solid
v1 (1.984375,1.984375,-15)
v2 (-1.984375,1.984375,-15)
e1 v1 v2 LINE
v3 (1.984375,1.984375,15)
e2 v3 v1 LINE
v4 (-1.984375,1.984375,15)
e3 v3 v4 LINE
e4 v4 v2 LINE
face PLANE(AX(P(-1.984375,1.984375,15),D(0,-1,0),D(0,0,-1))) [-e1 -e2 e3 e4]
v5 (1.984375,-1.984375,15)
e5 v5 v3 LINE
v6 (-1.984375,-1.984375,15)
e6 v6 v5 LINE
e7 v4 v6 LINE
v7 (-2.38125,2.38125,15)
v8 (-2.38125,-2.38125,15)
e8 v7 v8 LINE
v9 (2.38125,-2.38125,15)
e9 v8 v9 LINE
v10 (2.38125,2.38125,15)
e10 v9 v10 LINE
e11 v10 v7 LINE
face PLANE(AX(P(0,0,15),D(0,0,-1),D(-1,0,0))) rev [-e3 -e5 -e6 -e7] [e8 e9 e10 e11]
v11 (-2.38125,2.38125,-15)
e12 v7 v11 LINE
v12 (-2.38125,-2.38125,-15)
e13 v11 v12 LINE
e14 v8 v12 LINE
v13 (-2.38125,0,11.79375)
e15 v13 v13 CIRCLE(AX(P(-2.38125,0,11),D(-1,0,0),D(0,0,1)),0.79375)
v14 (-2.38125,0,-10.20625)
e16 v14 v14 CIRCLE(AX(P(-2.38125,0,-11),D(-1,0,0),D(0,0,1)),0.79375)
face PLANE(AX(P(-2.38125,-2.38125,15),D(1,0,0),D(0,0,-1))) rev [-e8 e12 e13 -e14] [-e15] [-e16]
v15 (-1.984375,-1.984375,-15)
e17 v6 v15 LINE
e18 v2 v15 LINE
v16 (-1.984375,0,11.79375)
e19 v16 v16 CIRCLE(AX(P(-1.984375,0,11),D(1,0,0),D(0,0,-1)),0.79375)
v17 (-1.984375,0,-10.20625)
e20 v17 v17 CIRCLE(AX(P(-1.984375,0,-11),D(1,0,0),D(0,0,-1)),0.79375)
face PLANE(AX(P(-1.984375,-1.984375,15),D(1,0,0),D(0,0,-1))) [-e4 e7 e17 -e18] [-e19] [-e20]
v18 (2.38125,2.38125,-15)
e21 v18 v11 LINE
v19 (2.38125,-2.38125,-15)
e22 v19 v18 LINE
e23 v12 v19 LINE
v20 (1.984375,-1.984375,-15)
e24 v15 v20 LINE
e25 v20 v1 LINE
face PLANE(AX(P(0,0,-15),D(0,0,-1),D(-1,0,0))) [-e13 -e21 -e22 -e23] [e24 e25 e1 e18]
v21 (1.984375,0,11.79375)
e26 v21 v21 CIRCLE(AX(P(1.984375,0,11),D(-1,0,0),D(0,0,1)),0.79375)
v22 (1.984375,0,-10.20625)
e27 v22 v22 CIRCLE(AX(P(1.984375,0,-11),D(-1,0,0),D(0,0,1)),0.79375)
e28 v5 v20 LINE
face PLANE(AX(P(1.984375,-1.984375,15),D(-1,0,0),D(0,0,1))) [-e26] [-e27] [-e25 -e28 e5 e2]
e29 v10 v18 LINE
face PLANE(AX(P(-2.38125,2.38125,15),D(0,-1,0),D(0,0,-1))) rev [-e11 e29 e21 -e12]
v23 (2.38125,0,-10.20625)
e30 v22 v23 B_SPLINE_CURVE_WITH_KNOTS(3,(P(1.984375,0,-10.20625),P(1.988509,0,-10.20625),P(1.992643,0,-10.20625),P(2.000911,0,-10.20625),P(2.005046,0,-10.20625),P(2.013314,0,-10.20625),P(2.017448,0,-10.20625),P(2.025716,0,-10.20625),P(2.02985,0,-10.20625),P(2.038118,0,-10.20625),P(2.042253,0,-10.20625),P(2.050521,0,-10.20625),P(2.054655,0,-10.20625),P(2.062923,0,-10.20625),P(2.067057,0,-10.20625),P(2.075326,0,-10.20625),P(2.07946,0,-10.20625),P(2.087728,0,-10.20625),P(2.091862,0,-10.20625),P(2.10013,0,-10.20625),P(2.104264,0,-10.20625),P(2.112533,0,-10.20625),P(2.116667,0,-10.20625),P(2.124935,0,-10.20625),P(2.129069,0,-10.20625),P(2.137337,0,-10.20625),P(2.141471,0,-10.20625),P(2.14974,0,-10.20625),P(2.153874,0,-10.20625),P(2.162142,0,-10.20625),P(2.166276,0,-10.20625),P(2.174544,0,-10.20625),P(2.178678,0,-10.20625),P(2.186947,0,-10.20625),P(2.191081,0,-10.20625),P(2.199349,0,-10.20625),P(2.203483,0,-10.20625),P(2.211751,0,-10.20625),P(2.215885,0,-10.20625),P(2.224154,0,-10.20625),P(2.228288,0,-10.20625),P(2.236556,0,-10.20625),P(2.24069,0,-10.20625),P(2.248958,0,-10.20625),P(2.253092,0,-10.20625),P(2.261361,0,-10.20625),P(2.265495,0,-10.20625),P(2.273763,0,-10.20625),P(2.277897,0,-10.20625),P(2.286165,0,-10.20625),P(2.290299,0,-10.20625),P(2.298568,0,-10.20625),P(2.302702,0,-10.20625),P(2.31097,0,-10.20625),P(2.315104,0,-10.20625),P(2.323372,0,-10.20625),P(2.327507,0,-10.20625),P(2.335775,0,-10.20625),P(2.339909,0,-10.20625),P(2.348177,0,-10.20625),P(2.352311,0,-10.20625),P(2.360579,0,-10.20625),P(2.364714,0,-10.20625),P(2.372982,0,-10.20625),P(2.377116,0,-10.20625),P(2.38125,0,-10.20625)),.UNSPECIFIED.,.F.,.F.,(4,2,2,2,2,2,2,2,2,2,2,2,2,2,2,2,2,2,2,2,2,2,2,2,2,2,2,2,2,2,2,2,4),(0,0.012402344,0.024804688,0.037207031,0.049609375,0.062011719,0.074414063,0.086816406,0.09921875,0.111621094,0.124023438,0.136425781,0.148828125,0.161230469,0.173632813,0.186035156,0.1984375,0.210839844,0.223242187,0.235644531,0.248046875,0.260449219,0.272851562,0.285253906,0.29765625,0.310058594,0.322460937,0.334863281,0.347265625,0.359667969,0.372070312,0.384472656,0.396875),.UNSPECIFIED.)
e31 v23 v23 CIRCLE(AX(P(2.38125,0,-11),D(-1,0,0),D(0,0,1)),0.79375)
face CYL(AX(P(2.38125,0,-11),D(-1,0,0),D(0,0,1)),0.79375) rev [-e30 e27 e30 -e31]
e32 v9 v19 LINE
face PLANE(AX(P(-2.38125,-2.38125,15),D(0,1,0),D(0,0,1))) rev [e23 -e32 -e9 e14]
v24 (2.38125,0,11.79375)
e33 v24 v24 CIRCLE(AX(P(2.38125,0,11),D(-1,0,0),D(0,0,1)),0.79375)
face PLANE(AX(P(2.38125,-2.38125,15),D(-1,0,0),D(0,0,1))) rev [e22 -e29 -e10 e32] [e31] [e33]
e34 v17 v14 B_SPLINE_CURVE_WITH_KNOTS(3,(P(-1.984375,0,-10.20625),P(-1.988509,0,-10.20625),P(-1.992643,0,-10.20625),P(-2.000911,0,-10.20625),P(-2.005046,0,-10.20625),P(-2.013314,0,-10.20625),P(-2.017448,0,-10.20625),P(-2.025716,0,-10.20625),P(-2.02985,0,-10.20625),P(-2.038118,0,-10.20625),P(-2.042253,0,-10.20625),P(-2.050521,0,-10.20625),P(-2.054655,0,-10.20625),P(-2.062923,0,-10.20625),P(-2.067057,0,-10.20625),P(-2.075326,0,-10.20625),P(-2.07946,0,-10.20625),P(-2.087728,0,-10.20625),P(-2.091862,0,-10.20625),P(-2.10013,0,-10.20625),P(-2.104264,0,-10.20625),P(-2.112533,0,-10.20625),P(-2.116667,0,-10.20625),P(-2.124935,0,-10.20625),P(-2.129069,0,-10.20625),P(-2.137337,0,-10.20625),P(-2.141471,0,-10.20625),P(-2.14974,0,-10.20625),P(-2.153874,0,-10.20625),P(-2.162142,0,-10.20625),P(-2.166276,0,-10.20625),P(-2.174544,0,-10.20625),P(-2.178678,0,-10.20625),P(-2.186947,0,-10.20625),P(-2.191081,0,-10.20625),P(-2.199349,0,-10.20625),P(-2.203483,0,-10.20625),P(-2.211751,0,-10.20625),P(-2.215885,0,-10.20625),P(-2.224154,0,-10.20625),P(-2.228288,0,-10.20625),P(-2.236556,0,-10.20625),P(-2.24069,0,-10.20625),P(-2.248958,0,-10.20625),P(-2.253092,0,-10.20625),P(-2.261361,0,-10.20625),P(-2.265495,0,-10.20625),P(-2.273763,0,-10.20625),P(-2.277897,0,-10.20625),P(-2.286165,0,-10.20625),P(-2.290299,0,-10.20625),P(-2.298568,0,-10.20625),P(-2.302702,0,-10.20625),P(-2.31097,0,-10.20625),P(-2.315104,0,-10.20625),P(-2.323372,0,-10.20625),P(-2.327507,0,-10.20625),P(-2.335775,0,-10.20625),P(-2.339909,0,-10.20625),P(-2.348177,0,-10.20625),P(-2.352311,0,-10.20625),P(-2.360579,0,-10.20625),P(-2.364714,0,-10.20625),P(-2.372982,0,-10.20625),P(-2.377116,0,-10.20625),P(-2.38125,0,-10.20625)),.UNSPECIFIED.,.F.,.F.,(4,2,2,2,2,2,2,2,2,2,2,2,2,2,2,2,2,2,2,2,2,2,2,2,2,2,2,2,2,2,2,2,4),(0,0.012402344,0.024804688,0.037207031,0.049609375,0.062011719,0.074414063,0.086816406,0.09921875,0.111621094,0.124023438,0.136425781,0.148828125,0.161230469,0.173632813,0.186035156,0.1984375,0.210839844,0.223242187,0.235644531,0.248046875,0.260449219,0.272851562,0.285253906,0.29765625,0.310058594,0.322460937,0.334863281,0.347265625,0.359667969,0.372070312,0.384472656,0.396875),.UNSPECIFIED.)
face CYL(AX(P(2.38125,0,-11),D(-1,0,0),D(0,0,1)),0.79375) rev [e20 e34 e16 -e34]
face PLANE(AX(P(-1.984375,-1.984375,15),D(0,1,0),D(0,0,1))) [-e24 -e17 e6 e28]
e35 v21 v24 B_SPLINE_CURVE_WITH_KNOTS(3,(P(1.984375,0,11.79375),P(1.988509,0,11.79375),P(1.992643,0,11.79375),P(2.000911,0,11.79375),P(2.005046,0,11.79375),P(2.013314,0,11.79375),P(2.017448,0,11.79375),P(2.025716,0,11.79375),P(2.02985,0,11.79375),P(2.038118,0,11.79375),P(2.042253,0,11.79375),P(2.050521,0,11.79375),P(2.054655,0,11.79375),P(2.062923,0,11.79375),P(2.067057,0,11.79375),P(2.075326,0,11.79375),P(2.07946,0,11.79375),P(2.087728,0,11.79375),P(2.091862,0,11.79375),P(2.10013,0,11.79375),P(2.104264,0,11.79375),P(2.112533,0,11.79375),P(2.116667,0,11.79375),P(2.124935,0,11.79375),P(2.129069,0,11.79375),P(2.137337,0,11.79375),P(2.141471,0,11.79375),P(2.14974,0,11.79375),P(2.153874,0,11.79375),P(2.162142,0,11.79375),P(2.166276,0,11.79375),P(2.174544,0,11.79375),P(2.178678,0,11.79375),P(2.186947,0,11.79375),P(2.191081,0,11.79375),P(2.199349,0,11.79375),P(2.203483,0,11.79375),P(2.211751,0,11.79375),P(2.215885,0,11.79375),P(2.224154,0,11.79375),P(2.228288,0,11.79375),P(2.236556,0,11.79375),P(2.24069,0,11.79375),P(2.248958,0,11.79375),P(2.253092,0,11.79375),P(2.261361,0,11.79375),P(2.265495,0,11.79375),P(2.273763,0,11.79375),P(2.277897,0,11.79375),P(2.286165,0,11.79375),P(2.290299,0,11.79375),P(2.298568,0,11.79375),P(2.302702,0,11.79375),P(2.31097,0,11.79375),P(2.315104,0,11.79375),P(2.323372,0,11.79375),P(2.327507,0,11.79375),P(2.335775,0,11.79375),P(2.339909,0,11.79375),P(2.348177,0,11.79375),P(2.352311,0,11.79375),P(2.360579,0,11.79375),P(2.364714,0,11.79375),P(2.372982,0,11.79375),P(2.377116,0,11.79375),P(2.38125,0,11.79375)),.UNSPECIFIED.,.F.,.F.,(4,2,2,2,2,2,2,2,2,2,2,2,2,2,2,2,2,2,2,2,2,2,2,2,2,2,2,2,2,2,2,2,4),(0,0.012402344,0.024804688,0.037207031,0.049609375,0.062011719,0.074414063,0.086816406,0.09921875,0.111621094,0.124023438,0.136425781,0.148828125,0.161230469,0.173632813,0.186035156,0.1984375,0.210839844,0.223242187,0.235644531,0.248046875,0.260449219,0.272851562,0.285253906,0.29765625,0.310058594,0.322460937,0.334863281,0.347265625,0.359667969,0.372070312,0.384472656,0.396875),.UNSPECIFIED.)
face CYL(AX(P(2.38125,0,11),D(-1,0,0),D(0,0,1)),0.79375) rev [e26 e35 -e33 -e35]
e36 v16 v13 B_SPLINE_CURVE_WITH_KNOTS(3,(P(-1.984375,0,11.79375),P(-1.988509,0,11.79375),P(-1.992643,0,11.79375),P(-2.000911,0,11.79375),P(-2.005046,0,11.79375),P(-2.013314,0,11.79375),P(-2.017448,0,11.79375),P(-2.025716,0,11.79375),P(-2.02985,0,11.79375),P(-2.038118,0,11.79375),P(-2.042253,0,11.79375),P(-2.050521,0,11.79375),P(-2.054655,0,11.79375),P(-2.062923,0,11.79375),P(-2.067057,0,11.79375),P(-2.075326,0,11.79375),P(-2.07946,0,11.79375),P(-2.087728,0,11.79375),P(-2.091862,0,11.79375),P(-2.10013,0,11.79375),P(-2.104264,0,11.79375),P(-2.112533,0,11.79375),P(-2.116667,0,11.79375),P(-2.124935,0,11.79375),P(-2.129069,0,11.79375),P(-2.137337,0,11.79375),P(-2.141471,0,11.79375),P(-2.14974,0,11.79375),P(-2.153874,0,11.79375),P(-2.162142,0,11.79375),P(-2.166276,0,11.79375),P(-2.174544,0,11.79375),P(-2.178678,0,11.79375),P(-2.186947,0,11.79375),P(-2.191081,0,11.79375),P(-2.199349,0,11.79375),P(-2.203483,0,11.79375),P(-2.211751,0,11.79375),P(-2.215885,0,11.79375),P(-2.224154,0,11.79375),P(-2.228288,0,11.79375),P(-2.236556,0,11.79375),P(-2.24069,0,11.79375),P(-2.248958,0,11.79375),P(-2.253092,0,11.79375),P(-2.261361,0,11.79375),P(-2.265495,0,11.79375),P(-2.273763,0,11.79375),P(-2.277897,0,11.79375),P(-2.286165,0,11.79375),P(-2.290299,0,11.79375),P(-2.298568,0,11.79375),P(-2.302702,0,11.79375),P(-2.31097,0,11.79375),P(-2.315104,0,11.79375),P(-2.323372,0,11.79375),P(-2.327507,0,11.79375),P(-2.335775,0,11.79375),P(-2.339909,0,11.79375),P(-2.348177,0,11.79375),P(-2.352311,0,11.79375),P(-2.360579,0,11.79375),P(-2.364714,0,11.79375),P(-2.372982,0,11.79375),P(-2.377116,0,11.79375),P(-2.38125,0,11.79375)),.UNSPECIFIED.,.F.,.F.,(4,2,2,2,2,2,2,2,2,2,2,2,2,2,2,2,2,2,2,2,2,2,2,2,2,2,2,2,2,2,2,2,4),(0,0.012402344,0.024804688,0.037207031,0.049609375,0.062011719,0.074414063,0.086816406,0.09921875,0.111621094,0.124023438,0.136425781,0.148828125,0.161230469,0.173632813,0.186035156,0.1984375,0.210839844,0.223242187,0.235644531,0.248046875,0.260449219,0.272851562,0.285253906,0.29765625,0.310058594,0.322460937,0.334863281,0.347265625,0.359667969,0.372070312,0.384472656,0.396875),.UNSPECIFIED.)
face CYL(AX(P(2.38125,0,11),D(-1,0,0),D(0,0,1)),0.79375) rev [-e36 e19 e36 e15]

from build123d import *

# Parameters (mm, degrees)
SKETCH1_W           = 4.7625
SKETCH1_H           = 4.7625
SKETCH1_W_2         = 3.96875
SKETCH1_H_2         = 3.96875
BOSS_EXTRUDE1_DEPTH = 15
SKETCH2_R           = 0.79375
CUT_EXTRUDE1_DEPTH  = 16.917027292


with BuildPart() as part:
    # Sketch1 → Boss-Extrude1 (new, symmetric)
    with BuildSketch(Plane.XY):
        Rectangle(SKETCH1_W, SKETCH1_H)
        Rectangle(SKETCH1_W_2, SKETCH1_H_2, mode=Mode.SUBTRACT)
    extrude(amount=BOSS_EXTRUDE1_DEPTH, both=True)

    # Sketch2 → Cut-Extrude1 (cut, through all)
    with BuildSketch(Plane.ZY.offset(2.38125)):
        with Locations((-11, 0)):
            Circle(SKETCH2_R)
        with Locations((11, 0)):
            Circle(SKETCH2_R)
    extrude(amount=-CUT_EXTRUDE1_DEPTH, mode=Mode.SUBTRACT)


solid = part.part
